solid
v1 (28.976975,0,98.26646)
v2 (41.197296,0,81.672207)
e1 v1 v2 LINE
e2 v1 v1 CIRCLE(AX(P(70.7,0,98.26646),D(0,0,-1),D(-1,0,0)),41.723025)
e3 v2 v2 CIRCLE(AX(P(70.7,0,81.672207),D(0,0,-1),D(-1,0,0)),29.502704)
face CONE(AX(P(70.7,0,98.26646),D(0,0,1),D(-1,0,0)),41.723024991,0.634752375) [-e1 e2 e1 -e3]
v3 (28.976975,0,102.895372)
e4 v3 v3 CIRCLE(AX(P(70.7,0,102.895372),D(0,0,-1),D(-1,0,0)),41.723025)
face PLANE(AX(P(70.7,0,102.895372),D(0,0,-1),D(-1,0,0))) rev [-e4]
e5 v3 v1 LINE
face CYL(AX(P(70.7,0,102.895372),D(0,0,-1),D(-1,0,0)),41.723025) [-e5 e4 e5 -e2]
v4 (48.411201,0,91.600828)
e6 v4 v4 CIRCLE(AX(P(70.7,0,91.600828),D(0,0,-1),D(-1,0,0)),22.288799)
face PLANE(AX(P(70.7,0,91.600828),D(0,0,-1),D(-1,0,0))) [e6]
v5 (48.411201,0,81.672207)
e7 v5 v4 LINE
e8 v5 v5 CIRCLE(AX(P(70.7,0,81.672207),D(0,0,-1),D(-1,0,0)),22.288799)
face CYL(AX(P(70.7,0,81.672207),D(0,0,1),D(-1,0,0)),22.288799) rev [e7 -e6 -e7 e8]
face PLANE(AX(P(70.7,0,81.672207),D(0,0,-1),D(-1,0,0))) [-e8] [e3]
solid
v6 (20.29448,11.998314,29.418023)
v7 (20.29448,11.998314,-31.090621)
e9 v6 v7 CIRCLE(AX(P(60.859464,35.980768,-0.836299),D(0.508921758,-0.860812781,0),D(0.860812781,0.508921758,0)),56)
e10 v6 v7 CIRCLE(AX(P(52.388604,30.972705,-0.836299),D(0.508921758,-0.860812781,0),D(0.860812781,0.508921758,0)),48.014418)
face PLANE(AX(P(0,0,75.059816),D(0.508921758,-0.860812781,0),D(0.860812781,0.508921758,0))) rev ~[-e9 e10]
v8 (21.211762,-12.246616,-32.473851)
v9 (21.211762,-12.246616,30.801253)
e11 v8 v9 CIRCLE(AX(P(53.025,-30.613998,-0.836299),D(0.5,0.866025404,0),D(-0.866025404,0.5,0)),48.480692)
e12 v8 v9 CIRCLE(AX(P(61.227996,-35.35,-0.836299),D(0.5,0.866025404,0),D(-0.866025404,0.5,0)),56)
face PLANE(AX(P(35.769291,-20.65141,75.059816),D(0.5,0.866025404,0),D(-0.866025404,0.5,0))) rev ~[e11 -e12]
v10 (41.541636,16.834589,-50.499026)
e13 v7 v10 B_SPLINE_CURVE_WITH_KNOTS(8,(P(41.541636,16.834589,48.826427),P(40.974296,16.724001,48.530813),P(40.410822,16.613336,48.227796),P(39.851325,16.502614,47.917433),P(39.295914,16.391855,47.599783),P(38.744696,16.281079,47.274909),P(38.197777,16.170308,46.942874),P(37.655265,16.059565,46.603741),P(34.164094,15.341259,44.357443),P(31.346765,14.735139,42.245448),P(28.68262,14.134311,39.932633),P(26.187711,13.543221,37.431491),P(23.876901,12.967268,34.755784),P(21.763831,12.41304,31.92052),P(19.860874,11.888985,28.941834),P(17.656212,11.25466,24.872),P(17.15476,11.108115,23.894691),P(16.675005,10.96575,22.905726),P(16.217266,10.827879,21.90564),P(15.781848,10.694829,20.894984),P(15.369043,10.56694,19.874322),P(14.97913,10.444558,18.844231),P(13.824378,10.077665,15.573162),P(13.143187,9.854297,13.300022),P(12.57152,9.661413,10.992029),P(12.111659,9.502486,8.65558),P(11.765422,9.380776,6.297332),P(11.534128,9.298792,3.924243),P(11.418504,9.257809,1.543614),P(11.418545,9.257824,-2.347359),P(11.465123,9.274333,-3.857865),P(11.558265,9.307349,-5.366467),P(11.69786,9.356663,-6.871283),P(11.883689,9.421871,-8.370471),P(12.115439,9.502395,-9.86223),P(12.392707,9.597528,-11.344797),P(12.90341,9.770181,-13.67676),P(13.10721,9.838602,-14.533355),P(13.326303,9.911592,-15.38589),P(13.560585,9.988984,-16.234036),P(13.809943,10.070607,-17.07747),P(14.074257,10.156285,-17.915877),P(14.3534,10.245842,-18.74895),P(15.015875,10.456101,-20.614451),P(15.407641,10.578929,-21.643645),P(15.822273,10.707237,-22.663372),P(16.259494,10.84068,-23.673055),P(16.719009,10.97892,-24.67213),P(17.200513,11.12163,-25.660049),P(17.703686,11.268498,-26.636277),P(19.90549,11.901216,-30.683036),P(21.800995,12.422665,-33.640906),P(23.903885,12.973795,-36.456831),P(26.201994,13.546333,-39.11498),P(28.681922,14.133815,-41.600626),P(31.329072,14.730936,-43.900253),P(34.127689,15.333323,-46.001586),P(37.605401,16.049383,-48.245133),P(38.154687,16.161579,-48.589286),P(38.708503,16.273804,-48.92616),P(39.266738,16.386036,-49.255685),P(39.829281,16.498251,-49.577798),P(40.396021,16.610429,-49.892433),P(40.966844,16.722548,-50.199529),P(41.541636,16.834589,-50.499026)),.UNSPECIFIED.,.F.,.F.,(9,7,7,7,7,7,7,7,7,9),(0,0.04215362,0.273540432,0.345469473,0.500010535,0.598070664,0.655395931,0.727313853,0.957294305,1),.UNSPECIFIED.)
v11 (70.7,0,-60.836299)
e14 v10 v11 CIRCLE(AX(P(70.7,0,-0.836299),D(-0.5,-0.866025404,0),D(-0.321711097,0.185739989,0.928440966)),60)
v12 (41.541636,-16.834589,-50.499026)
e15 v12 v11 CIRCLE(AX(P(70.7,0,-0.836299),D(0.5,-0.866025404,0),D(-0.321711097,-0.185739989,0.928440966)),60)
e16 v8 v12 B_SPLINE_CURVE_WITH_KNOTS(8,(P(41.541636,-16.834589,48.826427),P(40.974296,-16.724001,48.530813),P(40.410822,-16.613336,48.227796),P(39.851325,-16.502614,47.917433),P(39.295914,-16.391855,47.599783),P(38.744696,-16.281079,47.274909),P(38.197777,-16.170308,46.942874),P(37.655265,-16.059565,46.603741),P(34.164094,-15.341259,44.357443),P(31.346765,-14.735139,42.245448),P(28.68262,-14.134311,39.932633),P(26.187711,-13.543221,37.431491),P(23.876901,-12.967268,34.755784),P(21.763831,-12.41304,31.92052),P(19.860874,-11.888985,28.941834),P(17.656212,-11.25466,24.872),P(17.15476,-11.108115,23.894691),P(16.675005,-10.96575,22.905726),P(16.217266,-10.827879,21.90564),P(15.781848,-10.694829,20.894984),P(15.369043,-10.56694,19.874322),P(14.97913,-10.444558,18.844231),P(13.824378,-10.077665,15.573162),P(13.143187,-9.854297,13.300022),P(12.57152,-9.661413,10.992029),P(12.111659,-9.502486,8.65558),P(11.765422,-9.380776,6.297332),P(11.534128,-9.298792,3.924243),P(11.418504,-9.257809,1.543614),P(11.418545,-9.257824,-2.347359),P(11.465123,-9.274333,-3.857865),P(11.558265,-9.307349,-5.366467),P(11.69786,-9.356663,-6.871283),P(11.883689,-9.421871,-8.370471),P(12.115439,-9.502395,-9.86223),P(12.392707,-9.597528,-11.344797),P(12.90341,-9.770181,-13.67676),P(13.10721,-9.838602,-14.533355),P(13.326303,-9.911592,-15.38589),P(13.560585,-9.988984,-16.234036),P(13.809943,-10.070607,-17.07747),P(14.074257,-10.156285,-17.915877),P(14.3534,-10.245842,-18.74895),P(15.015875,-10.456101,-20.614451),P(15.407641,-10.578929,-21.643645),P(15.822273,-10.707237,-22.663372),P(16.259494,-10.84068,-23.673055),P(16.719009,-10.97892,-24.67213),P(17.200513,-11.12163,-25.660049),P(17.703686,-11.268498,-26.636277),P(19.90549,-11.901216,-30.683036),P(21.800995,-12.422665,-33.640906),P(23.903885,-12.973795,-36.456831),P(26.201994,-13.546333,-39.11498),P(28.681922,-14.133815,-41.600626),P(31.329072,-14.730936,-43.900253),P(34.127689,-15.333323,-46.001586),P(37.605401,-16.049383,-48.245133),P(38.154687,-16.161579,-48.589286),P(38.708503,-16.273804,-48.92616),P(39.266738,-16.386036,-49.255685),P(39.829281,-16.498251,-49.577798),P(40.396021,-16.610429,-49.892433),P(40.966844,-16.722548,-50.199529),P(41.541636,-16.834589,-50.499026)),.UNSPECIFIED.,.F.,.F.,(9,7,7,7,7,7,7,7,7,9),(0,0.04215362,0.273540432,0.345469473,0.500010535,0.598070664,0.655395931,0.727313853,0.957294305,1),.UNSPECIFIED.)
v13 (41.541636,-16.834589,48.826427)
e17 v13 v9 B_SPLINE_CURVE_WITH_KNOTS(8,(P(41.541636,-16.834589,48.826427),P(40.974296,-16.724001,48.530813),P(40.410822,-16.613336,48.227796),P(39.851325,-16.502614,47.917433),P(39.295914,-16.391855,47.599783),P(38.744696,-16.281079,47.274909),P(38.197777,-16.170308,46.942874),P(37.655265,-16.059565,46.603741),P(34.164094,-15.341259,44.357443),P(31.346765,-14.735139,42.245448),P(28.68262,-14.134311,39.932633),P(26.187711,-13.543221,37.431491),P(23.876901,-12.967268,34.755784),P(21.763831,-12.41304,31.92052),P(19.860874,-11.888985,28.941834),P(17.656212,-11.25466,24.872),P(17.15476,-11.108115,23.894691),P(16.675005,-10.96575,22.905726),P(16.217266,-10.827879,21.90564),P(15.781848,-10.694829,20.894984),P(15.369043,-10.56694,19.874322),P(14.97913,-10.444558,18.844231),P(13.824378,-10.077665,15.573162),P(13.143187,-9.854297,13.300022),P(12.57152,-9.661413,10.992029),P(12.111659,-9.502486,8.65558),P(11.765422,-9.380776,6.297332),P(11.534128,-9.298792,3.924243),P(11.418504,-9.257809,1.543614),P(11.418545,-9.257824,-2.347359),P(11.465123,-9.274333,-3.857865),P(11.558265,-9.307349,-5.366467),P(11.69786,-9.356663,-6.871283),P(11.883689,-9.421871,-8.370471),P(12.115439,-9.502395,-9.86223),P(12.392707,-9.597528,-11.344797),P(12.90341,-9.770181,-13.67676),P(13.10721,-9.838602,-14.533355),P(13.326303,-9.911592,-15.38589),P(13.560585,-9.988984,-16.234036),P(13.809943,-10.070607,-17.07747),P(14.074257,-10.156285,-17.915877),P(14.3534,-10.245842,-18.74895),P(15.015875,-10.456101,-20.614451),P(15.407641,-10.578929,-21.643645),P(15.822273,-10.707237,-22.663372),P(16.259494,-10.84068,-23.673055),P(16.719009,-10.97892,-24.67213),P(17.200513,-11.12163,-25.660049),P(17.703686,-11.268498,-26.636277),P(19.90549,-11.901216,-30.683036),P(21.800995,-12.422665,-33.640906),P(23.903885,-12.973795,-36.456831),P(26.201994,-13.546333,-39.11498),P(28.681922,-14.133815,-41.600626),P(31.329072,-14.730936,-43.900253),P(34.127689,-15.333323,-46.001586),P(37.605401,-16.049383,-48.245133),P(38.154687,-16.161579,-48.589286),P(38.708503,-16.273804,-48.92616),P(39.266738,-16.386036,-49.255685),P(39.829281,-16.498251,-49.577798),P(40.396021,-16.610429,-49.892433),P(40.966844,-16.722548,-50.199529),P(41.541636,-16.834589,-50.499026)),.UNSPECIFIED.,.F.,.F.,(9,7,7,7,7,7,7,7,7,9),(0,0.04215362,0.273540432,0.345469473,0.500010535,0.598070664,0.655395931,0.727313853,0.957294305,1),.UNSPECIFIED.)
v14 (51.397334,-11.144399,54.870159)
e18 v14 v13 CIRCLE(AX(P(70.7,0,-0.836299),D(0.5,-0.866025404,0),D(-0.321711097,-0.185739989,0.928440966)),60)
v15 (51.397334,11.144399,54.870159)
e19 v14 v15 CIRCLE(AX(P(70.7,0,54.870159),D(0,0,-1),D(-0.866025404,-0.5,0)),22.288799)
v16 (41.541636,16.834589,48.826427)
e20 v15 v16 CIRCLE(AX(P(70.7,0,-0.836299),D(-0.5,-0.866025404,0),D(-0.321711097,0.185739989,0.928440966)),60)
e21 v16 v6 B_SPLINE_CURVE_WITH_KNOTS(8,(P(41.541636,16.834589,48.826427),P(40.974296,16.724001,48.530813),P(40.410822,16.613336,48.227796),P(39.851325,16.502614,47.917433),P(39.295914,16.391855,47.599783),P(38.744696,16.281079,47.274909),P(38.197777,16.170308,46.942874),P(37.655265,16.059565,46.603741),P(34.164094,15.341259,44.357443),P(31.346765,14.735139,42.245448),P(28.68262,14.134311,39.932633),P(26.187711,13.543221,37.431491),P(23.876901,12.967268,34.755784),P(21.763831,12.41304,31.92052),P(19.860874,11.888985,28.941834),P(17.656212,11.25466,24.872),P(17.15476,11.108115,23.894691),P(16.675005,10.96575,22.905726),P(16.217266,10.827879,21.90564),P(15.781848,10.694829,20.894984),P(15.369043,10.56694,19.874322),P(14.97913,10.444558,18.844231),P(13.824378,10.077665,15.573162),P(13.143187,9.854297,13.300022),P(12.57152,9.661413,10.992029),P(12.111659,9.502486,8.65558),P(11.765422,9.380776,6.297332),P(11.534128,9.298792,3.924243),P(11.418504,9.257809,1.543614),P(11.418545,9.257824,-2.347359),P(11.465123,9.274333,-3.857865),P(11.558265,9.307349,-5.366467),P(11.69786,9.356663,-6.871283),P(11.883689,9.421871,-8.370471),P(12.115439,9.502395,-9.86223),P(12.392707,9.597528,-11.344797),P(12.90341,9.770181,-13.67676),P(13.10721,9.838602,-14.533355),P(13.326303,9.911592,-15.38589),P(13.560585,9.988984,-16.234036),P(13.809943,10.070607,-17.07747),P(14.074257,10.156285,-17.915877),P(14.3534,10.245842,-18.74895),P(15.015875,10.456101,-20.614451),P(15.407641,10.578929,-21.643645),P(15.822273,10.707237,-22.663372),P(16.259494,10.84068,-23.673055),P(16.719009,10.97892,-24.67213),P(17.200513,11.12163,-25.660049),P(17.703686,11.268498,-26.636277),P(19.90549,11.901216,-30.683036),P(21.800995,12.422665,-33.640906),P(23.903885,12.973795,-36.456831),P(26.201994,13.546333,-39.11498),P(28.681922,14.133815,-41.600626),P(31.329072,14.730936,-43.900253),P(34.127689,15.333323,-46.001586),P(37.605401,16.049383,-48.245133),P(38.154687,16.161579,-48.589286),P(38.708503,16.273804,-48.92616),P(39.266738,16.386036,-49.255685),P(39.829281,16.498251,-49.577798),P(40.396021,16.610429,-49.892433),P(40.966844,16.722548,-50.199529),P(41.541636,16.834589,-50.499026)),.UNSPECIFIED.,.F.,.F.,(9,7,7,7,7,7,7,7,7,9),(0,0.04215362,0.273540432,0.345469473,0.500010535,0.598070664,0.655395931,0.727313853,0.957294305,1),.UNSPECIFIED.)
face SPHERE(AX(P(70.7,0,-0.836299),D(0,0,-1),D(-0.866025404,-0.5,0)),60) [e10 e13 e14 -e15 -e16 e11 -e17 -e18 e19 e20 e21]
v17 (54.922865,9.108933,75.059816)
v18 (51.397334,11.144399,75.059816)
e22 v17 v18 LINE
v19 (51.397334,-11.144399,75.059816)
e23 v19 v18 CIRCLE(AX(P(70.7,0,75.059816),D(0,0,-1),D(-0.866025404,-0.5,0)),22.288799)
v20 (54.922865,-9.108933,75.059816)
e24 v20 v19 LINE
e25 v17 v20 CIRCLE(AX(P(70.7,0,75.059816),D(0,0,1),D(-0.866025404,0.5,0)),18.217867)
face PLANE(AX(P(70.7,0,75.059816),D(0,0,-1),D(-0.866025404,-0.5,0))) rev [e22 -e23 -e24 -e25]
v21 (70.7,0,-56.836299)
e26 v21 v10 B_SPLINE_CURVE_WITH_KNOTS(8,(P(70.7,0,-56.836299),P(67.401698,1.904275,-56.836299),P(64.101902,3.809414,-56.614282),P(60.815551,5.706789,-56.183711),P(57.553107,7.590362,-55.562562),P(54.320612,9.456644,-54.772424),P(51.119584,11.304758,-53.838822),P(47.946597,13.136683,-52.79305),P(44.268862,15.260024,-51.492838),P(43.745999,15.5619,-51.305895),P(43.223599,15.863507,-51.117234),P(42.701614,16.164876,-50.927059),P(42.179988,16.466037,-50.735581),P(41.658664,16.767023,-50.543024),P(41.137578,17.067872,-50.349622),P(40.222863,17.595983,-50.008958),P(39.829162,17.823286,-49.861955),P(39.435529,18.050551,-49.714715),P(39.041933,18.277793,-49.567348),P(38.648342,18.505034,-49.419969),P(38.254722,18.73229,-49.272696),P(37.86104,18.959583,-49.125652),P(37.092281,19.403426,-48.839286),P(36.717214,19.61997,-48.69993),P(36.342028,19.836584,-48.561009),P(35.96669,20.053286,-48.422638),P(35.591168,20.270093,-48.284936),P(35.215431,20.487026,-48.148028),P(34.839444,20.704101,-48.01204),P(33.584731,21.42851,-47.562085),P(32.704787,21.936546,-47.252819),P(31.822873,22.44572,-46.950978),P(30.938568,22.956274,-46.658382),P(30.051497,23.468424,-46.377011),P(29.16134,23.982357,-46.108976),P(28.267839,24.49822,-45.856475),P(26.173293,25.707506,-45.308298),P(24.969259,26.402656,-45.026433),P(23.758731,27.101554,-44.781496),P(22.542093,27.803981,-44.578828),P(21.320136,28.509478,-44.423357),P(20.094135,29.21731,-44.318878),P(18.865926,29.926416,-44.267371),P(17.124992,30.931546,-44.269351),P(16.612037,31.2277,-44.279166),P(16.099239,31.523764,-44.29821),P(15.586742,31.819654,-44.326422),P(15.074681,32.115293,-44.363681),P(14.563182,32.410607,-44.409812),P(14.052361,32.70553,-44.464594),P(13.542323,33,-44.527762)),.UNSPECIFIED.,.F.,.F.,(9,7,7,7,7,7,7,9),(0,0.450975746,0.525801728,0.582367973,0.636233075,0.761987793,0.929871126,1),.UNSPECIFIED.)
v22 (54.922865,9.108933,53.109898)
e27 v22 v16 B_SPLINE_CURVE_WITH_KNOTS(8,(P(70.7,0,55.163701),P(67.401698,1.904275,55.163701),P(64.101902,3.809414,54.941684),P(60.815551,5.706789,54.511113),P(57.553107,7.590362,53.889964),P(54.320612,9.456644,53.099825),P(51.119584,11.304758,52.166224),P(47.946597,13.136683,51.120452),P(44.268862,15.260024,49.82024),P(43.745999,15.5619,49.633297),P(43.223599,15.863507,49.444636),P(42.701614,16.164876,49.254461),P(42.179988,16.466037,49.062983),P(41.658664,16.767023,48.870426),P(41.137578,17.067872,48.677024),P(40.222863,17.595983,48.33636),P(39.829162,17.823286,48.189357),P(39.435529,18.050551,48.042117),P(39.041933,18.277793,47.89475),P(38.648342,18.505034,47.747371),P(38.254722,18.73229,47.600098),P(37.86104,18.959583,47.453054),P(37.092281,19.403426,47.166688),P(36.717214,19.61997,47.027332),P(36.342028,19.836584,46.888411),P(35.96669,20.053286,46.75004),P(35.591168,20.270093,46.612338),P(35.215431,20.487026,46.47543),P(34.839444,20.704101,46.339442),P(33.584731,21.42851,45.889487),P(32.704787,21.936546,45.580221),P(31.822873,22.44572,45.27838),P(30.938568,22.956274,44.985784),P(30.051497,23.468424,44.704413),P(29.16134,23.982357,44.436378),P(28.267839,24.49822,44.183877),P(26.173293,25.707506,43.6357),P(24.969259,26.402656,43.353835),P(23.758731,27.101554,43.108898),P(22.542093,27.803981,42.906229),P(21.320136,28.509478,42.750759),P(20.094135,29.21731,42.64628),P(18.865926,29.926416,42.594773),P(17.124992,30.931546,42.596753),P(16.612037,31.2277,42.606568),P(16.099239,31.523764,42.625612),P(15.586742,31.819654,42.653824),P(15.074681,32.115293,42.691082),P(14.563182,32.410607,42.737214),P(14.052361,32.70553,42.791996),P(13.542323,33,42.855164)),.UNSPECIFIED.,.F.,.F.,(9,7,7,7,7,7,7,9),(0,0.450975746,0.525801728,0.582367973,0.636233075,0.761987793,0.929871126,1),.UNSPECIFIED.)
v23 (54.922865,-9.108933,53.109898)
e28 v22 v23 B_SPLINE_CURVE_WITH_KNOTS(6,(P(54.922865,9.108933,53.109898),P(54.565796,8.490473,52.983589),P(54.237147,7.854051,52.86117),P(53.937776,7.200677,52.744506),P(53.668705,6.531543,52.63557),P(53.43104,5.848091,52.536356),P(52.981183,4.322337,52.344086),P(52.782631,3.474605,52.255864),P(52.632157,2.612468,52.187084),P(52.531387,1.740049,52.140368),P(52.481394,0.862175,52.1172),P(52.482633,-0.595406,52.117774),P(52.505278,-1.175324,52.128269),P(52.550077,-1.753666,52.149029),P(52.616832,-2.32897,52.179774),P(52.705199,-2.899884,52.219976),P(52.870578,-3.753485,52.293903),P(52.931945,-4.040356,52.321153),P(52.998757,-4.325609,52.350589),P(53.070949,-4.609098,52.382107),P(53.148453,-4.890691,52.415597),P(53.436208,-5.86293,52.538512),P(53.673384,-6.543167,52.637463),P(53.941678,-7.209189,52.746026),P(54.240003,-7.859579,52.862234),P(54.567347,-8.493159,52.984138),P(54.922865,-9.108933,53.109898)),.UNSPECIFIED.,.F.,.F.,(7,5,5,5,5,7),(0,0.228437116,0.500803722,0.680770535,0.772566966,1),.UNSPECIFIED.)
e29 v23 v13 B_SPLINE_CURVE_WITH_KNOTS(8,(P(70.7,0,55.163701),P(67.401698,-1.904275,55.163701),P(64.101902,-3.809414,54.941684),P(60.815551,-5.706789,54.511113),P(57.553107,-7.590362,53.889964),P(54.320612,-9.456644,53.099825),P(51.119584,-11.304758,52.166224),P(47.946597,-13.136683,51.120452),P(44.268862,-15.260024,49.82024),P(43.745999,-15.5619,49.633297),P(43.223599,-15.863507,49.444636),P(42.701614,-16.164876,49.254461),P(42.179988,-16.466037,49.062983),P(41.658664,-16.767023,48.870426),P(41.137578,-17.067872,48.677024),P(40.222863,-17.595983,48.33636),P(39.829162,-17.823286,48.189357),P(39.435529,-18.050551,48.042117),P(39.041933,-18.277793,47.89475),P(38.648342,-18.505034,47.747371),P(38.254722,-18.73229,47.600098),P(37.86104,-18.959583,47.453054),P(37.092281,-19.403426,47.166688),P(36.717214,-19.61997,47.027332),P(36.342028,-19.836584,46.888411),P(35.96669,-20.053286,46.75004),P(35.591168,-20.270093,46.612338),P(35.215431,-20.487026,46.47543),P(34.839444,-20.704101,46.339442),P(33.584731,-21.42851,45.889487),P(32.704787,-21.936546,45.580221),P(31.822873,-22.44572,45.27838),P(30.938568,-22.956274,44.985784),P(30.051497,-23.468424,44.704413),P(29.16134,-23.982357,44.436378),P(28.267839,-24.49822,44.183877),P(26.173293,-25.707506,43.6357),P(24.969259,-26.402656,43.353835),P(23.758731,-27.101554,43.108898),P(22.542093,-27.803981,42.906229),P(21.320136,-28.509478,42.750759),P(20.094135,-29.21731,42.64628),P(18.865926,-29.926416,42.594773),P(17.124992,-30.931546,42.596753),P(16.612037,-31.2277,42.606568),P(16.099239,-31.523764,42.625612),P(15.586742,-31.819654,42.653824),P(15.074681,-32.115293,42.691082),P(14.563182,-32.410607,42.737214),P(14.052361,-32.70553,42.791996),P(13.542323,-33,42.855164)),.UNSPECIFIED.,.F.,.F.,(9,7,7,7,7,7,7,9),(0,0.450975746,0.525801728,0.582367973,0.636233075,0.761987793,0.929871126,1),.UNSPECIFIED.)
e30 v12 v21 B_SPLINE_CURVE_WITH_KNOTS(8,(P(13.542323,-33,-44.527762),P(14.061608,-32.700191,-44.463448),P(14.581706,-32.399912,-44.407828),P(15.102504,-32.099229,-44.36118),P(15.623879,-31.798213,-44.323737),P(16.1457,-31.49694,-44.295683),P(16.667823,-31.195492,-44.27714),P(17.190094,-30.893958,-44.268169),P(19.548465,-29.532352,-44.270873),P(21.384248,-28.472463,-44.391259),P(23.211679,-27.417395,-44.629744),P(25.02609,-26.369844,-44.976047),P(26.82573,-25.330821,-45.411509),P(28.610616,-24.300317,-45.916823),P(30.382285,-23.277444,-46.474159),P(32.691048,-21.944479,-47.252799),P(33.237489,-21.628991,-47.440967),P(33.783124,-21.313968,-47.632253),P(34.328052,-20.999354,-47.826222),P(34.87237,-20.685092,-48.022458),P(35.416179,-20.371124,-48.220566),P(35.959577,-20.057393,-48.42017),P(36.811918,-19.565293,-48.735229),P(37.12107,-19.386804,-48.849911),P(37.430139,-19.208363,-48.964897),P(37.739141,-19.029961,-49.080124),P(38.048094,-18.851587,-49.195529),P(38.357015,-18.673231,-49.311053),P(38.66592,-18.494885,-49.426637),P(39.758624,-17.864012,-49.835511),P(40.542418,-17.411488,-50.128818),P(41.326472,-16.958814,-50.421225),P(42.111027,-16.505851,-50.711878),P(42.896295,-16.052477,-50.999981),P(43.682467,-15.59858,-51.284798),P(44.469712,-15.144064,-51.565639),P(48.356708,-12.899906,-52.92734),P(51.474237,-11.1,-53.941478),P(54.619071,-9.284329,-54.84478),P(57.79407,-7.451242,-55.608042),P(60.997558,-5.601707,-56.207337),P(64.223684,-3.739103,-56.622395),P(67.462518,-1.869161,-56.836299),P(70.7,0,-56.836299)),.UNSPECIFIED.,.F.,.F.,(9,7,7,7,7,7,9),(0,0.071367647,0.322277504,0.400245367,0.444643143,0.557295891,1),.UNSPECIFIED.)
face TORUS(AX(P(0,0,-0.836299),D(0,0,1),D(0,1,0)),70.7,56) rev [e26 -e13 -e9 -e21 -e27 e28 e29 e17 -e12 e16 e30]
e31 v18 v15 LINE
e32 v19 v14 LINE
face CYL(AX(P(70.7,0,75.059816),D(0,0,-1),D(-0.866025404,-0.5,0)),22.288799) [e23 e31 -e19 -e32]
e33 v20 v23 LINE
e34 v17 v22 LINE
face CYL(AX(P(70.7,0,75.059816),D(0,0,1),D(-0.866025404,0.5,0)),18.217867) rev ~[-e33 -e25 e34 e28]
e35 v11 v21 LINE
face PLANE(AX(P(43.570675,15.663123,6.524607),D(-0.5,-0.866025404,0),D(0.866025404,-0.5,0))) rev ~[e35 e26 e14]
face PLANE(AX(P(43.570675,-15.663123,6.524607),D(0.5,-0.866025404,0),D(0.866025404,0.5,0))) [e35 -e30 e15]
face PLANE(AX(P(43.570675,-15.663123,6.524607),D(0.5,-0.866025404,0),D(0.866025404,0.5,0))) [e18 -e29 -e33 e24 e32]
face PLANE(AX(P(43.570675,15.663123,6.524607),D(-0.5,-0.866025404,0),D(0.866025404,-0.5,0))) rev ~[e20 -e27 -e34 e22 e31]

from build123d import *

# Parameters (mm, degrees)
F1_ANGLE_BACK = 30
F1_ANGLE      = 60
F2_ANGLE_BACK = 90
F2_ANGLE      = 180
F4_DEPTH      = 25
F6_DEPTH      = 136.7
F7_DEPTH      = 138.9


with BuildPart() as f1:
    # F0 (on Front) → F1 (revolve)
    with BuildSketch(Plane.XZ, mode=Mode.PRIVATE) as f1_sk:
        with BuildLine():
            ThreePointArc((48.4112013771, 54.8701588919), (11.7831625244, -12.1855836872), (70.7, -60.8362990457))
            Line((70.7, -60.8362990457), (70.7, -56.8362990457))
            ThreePointArc((70.7, -56.8362990457), (14.7, -0.8362990457), (70.7, 55.1637009543))
            Line((70.7, 55.1637009543), (70.7, 75.0598162413))
            Line((70.7, 75.0598162413), (48.4112013771, 75.0598162413))
            Line((48.4112013771, 75.0598162413), (48.4112013771, 54.8701588919))
        make_face()
    revolve(f1_sk.sketch.rotate(Axis((70.7, 0, -6.8408441078), (0, 0, -1)), -F1_ANGLE_BACK), axis=Axis((70.7, 0, -6.8408441078), (0, 0, -1)), revolution_arc=F1_ANGLE)

    # F0 (on Front) → F2 (revolve, cut)
    with BuildSketch(Plane.XZ, mode=Mode.PRIVATE) as f2_sk:
        with BuildLine():
            ThreePointArc((70.7, 55.1637009543), (14.7, -0.8362990457), (70.7, -56.8362990457))
            Line((70.7, -56.8362990457), (70.7, 55.1637009543))
        make_face()
    revolve(f2_sk.sketch.rotate(Axis((0, 0, -6.8408441078), (0, 0, -1)), -F2_ANGLE_BACK), axis=Axis((0, 0, -6.8408441078), (0, 0, -1)), revolution_arc=F2_ANGLE, mode=Mode.SUBTRACT)

    # F3 (on face) → F4 (cut)
    with BuildSketch(Plane.XY.offset(75.0598162413)):
        with BuildLine():
            Line((70.7, 0), (54.9228646211, 9.1089333581))
            ThreePointArc((54.9228646211, 9.1089333581), (52.4821332839, 0), (54.9228646211, -9.1089333581))
            Line((54.9228646211, -9.1089333581), (70.7, 0))
        make_face()
    extrude(amount=-F4_DEPTH, mode=Mode.SUBTRACT)

    # F3 (on face) → F6 (cut)
    with BuildSketch(Plane.XY.offset(75.0598162413)):
        Polygon((0, -41.7985990644), (35.7692913455, -20.651409987), (0, 0), align=None)
    extrude(amount=-F6_DEPTH, mode=Mode.SUBTRACT)

    # F3 (on face) → F7 (cut)
    with BuildSketch(Plane.XY.offset(75.0598162413)):
        Polygon((0, 0), (34.9307086545, 20.651409987), (0, 40.8186640317), align=None)
    extrude(amount=-F7_DEPTH, mode=Mode.SUBTRACT)


with BuildPart() as f5:
    # F0 (on Front) → F5 (revolve)
    with BuildSketch(Plane.XZ):
        Polygon((41.197296232, 81.67220675), (48.4112013771, 81.67220675), (48.4112013771, 91.6008278728), (70.7, 91.6008278728), (70.7, 98.2664600015), (70.7, 102.8953716159), (28.9769750088, 102.8953716159), (28.9769750088, 98.2664600015), align=None)
    revolve(axis=Axis((70.7, 0, -6.8408441078), (0, 0, -1)))


solid = Compound([f1.part, f5.part])
